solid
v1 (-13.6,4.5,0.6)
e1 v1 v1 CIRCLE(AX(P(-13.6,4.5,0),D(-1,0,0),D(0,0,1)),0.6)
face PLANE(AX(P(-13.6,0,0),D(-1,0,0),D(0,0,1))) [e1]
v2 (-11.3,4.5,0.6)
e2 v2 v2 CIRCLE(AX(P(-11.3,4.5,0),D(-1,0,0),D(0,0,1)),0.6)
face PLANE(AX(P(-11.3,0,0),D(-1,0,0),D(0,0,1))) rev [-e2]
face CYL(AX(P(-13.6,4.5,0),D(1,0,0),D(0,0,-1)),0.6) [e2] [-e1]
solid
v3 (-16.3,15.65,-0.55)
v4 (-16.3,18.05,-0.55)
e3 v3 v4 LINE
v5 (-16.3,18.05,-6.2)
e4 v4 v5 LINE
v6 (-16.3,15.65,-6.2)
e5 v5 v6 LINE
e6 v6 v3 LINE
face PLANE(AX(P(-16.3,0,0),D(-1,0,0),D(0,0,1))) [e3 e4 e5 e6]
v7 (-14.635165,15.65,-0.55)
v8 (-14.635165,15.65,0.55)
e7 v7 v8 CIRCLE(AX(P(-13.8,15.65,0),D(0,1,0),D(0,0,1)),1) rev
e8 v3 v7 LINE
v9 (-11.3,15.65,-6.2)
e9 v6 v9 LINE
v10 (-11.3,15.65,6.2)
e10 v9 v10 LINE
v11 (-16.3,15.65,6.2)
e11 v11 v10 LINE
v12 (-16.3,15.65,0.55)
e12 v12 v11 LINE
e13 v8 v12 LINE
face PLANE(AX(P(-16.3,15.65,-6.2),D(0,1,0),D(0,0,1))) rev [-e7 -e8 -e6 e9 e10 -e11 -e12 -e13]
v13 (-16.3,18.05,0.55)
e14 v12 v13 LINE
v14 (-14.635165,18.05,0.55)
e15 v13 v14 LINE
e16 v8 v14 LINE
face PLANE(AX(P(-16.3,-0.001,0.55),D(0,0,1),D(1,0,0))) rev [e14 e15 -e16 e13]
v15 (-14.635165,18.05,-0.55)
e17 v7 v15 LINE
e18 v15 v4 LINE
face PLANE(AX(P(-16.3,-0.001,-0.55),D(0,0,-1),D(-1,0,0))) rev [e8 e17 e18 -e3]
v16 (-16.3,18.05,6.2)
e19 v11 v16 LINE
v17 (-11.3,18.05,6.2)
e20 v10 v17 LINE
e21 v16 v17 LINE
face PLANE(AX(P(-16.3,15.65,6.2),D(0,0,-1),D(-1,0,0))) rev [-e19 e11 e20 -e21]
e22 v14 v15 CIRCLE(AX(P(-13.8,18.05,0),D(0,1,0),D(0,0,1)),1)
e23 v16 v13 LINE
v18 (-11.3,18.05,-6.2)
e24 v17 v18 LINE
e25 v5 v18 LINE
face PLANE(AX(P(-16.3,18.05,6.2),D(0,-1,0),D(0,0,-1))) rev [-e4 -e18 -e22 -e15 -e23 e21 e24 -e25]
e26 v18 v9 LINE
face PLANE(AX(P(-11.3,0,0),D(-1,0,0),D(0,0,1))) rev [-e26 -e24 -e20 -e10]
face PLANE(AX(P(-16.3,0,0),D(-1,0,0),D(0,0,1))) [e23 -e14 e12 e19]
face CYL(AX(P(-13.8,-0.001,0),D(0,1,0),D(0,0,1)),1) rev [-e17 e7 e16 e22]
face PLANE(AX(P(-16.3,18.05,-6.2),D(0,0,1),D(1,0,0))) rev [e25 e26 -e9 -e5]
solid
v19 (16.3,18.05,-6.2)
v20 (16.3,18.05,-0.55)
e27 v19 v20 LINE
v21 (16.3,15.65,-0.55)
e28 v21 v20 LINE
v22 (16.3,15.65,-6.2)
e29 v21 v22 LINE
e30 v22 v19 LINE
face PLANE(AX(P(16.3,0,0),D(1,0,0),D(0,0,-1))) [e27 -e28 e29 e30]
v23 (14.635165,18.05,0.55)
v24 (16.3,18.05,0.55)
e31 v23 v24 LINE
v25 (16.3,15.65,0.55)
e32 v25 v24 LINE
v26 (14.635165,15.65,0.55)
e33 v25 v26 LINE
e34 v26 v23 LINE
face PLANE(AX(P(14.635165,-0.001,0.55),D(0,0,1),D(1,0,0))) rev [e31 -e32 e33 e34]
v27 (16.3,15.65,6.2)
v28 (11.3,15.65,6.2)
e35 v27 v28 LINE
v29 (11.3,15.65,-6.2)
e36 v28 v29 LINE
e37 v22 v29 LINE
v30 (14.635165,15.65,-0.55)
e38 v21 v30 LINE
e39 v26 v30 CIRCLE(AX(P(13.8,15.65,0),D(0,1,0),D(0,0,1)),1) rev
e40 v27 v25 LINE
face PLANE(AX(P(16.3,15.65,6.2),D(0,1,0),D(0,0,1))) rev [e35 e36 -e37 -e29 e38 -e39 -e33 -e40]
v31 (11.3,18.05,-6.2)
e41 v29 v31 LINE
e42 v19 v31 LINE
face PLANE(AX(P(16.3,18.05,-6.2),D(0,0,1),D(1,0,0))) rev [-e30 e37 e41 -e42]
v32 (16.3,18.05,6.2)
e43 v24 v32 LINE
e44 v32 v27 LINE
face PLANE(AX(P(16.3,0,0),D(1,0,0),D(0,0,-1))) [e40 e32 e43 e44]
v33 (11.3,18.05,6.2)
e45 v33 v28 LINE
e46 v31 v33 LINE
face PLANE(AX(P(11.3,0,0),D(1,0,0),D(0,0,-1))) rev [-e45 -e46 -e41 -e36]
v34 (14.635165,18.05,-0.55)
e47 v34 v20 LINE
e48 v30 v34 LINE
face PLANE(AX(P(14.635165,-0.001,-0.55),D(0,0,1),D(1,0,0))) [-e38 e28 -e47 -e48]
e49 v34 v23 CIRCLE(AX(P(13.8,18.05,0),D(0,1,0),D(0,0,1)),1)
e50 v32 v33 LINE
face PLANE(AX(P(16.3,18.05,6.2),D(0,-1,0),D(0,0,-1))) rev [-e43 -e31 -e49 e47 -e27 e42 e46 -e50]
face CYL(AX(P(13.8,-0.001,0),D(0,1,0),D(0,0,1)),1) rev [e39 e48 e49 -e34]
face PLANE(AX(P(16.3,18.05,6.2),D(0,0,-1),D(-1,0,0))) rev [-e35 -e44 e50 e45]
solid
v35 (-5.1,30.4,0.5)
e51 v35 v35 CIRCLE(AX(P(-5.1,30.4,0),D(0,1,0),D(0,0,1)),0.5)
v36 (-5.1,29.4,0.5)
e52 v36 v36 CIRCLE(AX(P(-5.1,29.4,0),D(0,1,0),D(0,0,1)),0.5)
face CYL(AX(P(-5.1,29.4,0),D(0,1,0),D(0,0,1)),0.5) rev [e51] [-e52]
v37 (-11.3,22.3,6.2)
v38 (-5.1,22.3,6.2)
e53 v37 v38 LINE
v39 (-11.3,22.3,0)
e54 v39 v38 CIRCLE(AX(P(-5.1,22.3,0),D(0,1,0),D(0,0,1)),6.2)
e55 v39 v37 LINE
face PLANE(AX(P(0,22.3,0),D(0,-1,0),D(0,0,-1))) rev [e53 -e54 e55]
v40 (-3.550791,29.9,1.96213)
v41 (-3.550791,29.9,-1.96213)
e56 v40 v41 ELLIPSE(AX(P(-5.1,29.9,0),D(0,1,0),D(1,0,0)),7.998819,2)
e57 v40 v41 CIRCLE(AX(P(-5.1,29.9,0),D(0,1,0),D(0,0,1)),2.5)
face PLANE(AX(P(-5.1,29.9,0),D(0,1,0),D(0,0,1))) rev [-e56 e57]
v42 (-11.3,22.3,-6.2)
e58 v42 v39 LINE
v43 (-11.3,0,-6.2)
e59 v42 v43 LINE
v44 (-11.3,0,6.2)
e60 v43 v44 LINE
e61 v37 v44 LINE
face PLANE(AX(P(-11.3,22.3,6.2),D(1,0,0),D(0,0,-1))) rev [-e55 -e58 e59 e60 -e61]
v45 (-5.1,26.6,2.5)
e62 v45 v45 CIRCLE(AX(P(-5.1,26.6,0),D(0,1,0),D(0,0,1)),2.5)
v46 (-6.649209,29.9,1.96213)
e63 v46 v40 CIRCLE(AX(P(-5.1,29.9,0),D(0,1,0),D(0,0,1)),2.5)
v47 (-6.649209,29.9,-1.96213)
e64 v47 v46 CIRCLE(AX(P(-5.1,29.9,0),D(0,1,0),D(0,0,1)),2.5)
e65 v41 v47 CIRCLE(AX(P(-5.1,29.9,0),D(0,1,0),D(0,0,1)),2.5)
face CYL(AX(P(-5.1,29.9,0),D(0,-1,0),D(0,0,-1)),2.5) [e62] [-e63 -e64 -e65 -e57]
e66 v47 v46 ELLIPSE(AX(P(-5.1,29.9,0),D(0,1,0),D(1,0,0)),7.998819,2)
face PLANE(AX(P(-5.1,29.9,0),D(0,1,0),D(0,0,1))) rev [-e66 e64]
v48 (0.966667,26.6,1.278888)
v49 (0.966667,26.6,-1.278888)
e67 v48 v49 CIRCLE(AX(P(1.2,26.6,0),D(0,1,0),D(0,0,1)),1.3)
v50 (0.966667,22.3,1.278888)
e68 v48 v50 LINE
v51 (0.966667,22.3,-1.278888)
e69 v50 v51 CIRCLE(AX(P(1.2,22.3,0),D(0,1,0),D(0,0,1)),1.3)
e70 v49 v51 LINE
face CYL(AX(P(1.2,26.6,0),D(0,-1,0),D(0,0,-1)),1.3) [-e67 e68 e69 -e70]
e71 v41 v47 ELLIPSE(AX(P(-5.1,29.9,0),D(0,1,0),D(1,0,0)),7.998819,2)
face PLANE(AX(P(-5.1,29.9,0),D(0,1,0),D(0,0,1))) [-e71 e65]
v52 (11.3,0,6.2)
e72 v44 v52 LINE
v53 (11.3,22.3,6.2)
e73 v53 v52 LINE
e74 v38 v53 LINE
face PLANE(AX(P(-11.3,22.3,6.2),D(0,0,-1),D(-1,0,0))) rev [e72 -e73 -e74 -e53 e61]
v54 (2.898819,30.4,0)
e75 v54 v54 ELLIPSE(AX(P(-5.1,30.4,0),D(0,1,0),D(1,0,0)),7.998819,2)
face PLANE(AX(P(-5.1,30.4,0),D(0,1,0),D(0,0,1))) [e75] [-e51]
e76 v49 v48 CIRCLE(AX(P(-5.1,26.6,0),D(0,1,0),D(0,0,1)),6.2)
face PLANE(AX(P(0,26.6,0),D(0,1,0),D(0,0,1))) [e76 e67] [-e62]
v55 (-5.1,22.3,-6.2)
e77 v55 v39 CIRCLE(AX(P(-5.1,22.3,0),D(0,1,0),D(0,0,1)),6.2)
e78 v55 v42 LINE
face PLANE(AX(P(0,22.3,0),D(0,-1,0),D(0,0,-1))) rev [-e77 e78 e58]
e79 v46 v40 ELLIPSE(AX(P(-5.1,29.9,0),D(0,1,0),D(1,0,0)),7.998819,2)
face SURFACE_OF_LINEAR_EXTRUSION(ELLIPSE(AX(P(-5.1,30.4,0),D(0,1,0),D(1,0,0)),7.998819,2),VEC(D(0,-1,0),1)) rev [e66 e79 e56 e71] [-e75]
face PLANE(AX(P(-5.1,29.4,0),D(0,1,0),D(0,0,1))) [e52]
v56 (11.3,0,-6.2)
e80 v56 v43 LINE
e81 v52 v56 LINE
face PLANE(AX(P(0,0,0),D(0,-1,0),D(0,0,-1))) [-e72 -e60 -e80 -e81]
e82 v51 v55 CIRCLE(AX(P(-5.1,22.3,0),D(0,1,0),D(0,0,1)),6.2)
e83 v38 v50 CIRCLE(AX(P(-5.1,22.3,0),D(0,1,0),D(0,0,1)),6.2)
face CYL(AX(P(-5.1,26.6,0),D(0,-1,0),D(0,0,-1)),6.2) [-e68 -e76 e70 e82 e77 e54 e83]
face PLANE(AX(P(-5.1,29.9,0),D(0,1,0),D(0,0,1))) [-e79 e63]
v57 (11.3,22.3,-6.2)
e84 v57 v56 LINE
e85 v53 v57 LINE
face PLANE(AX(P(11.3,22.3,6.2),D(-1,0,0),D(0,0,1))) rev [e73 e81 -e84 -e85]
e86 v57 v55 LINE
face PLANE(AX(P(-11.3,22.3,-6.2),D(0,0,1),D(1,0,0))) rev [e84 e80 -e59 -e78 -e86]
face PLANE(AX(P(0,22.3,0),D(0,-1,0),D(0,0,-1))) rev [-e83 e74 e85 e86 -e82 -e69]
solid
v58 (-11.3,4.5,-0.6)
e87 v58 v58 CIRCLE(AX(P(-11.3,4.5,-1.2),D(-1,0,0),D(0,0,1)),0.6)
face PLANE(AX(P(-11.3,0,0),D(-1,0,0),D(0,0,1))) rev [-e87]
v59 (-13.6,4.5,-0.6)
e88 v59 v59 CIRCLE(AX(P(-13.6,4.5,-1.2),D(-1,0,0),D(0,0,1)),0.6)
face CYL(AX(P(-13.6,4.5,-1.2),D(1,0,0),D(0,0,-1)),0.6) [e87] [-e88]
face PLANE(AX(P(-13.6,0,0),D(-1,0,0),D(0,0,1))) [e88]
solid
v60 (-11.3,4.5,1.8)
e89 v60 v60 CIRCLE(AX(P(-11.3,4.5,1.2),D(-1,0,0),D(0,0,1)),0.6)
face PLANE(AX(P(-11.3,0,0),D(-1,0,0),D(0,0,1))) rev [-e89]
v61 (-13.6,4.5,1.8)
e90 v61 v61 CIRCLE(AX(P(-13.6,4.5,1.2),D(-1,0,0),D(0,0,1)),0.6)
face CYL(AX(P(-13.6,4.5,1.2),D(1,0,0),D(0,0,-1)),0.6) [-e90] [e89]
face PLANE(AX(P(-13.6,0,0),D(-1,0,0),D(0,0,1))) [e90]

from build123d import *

# Parameters (mm, degrees)
SKETCH1_W             = 22.6
SKETCH1_H             = 12.4
BOSS_EXTRUDE1_DEPTH   = 22.3
SKETCH2_W             = 12.4
SKETCH2_H             = 2.4
BOSS_EXTRUDE2_DEPTH   = 5
SKETCH3_W             = 12.4
SKETCH3_H             = 2.4
BOSS_EXTRUDE3_DEPTH   = 5
CUT_EXTRUDE1_DEPTH    = 2.4
CUT_EXTRUDE2_DEPTH    = 2.4
BOSS_EXTRUDE4_DEPTH   = 4.3
SKETCH7_R             = 2.5
BOSS_EXTRUDE5_DEPTH   = 3.3
SKETCH8_R             = 0.6
BOSS_EXTRUDE7_DEPTH   = 2.3
BOSS_EXTRUDE7_2_DEPTH = 2.3
BOSS_EXTRUDE7_3_DEPTH = 2.3
SKETCH9_RX            = 7.998818951
SKETCH9_RY            = 2
BOSS_EXTRUDE10_DEPTH  = 0.5
SKETCH12_R            = 0.5
CUT_EXTRUDE4_DEPTH    = 1


with BuildPart() as part:
    # Sketch1 → Boss-Extrude1 (new body)
    with BuildSketch(Plane(origin=(0, 0, 0), x_dir=(1, 0, 0), z_dir=(0, 1, 0))):
        Rectangle(SKETCH1_W, SKETCH1_H)
    extrude(amount=BOSS_EXTRUDE1_DEPTH)

    # Sketch6 → Boss-Extrude4 (add)
    with BuildSketch(Plane(origin=(0, 22.3, 0), x_dir=(1, 0, 0), z_dir=(0, 1, 0))):
        with BuildLine():
            ThreePointArc((0.966666667, -1.278888406), (2.5, 0), (0.966666667, 1.278888406))
            ThreePointArc((0.966666667, 1.278888406), (-11.3, 0), (0.966666667, -1.278888406))
        make_face()
    extrude(amount=BOSS_EXTRUDE4_DEPTH)

    # Sketch7 → Boss-Extrude5 (add)
    with BuildSketch(Plane(origin=(0, 26.6, 0), x_dir=(1, 0, 0), z_dir=(0, 1, 0))):
        with Locations(Location((-5.1, 0, 0), (0, 0, 270))):
            Circle(SKETCH7_R)
    extrude(amount=BOSS_EXTRUDE5_DEPTH)

    # Sketch9 → Boss-Extrude10 (add)
    with BuildSketch(Plane(origin=(0, 29.9, 0), x_dir=(1, 0, 0), z_dir=(0, 1, 0))):
        with Locations((-5.1, 0)):
            Ellipse(SKETCH9_RX, SKETCH9_RY)
    extrude(amount=BOSS_EXTRUDE10_DEPTH)

    # Sketch12 → Cut-Extrude4 (cut)
    with BuildSketch(Plane(origin=(0, 30.4, 0), x_dir=(1, 0, 0), z_dir=(0, 1, 0))):
        with Locations(Location((-5.1, 0, 0), (0, 0, 270))):
            Circle(SKETCH12_R)
    extrude(amount=-CUT_EXTRUDE4_DEPTH, mode=Mode.SUBTRACT)


with BuildPart() as body_2:
    # Sketch2 → Boss-Extrude2 (new body)
    with BuildSketch(Plane(origin=(11.3, 0, 0), x_dir=(0, 0, -1), z_dir=(1, 0, 0))):
        with Locations((0, 16.85)):
            Rectangle(SKETCH2_W, SKETCH2_H)
    extrude(amount=BOSS_EXTRUDE2_DEPTH)

    # Sketch5 → Cut-Extrude2 (cut)
    with BuildSketch(Plane(origin=(0, 18.05, 0), x_dir=(1, 0, 0), z_dir=(0, 1, 0))):
        with BuildLine():
            Line((14.635164654, 0.55), (16.3, 0.55))
            Line((16.3, 0.55), (16.3, -0.55))
            Line((16.3, -0.55), (14.635164654, -0.55))
            ThreePointArc((14.635164654, -0.55), (12.8, 0), (14.635164654, 0.55))
        make_face()
    extrude(amount=-CUT_EXTRUDE2_DEPTH, mode=Mode.SUBTRACT)


with BuildPart() as body_3:
    # Sketch3 → Boss-Extrude3 (new body)
    with BuildSketch(Plane.ZY.offset(11.3)):
        with Locations((0, 16.85)):
            Rectangle(SKETCH3_W, SKETCH3_H)
    extrude(amount=BOSS_EXTRUDE3_DEPTH)

    # Sketch4 → Cut-Extrude1 (cut)
    with BuildSketch(Plane(origin=(0, 18.05, 0), x_dir=(1, 0, 0), z_dir=(0, 1, 0))):
        with BuildLine():
            Line((-16.3, 0.55), (-14.635164654, 0.55))
            ThreePointArc((-14.635164654, 0.55), (-12.8, 0), (-14.635164654, -0.55))
            Line((-14.635164654, -0.55), (-16.3, -0.55))
            Line((-16.3, -0.55), (-16.3, 0.55))
        make_face()
        with BuildLine():
            Line((16.3, -0.55), (14.635164654, -0.55))
            ThreePointArc((14.635164654, -0.55), (12.8, 0), (14.635164654, 0.55))
            Line((14.635164654, 0.55), (16.3, 0.55))
            Line((16.3, 0.55), (16.3, -0.55))
        make_face()
    extrude(amount=-CUT_EXTRUDE1_DEPTH, mode=Mode.SUBTRACT)


with BuildPart() as body_4:
    # Sketch8 → Boss-Extrude7 (new body)
    with BuildSketch(Plane.ZY.offset(11.3)):
        with Locations((0, 4.5)):
            Circle(SKETCH8_R)
    extrude(amount=BOSS_EXTRUDE7_DEPTH)


with BuildPart() as body_5:
    # Sketch8 → Boss-Extrude7 2 (new body)
    with BuildSketch(Plane.ZY.offset(11.3)):
        with Locations((-1.2, 4.5)):
            Circle(SKETCH8_R)
    extrude(amount=BOSS_EXTRUDE7_2_DEPTH)


with BuildPart() as body_6:
    # Sketch8 → Boss-Extrude7 3 (new body)
    with BuildSketch(Plane.ZY.offset(11.3)):
        with Locations((1.2, 4.5)):
            Circle(SKETCH8_R)
    extrude(amount=BOSS_EXTRUDE7_3_DEPTH)


solid = Compound([part.part, body_2.part, body_3.part, body_4.part, body_5.part, body_6.part])
